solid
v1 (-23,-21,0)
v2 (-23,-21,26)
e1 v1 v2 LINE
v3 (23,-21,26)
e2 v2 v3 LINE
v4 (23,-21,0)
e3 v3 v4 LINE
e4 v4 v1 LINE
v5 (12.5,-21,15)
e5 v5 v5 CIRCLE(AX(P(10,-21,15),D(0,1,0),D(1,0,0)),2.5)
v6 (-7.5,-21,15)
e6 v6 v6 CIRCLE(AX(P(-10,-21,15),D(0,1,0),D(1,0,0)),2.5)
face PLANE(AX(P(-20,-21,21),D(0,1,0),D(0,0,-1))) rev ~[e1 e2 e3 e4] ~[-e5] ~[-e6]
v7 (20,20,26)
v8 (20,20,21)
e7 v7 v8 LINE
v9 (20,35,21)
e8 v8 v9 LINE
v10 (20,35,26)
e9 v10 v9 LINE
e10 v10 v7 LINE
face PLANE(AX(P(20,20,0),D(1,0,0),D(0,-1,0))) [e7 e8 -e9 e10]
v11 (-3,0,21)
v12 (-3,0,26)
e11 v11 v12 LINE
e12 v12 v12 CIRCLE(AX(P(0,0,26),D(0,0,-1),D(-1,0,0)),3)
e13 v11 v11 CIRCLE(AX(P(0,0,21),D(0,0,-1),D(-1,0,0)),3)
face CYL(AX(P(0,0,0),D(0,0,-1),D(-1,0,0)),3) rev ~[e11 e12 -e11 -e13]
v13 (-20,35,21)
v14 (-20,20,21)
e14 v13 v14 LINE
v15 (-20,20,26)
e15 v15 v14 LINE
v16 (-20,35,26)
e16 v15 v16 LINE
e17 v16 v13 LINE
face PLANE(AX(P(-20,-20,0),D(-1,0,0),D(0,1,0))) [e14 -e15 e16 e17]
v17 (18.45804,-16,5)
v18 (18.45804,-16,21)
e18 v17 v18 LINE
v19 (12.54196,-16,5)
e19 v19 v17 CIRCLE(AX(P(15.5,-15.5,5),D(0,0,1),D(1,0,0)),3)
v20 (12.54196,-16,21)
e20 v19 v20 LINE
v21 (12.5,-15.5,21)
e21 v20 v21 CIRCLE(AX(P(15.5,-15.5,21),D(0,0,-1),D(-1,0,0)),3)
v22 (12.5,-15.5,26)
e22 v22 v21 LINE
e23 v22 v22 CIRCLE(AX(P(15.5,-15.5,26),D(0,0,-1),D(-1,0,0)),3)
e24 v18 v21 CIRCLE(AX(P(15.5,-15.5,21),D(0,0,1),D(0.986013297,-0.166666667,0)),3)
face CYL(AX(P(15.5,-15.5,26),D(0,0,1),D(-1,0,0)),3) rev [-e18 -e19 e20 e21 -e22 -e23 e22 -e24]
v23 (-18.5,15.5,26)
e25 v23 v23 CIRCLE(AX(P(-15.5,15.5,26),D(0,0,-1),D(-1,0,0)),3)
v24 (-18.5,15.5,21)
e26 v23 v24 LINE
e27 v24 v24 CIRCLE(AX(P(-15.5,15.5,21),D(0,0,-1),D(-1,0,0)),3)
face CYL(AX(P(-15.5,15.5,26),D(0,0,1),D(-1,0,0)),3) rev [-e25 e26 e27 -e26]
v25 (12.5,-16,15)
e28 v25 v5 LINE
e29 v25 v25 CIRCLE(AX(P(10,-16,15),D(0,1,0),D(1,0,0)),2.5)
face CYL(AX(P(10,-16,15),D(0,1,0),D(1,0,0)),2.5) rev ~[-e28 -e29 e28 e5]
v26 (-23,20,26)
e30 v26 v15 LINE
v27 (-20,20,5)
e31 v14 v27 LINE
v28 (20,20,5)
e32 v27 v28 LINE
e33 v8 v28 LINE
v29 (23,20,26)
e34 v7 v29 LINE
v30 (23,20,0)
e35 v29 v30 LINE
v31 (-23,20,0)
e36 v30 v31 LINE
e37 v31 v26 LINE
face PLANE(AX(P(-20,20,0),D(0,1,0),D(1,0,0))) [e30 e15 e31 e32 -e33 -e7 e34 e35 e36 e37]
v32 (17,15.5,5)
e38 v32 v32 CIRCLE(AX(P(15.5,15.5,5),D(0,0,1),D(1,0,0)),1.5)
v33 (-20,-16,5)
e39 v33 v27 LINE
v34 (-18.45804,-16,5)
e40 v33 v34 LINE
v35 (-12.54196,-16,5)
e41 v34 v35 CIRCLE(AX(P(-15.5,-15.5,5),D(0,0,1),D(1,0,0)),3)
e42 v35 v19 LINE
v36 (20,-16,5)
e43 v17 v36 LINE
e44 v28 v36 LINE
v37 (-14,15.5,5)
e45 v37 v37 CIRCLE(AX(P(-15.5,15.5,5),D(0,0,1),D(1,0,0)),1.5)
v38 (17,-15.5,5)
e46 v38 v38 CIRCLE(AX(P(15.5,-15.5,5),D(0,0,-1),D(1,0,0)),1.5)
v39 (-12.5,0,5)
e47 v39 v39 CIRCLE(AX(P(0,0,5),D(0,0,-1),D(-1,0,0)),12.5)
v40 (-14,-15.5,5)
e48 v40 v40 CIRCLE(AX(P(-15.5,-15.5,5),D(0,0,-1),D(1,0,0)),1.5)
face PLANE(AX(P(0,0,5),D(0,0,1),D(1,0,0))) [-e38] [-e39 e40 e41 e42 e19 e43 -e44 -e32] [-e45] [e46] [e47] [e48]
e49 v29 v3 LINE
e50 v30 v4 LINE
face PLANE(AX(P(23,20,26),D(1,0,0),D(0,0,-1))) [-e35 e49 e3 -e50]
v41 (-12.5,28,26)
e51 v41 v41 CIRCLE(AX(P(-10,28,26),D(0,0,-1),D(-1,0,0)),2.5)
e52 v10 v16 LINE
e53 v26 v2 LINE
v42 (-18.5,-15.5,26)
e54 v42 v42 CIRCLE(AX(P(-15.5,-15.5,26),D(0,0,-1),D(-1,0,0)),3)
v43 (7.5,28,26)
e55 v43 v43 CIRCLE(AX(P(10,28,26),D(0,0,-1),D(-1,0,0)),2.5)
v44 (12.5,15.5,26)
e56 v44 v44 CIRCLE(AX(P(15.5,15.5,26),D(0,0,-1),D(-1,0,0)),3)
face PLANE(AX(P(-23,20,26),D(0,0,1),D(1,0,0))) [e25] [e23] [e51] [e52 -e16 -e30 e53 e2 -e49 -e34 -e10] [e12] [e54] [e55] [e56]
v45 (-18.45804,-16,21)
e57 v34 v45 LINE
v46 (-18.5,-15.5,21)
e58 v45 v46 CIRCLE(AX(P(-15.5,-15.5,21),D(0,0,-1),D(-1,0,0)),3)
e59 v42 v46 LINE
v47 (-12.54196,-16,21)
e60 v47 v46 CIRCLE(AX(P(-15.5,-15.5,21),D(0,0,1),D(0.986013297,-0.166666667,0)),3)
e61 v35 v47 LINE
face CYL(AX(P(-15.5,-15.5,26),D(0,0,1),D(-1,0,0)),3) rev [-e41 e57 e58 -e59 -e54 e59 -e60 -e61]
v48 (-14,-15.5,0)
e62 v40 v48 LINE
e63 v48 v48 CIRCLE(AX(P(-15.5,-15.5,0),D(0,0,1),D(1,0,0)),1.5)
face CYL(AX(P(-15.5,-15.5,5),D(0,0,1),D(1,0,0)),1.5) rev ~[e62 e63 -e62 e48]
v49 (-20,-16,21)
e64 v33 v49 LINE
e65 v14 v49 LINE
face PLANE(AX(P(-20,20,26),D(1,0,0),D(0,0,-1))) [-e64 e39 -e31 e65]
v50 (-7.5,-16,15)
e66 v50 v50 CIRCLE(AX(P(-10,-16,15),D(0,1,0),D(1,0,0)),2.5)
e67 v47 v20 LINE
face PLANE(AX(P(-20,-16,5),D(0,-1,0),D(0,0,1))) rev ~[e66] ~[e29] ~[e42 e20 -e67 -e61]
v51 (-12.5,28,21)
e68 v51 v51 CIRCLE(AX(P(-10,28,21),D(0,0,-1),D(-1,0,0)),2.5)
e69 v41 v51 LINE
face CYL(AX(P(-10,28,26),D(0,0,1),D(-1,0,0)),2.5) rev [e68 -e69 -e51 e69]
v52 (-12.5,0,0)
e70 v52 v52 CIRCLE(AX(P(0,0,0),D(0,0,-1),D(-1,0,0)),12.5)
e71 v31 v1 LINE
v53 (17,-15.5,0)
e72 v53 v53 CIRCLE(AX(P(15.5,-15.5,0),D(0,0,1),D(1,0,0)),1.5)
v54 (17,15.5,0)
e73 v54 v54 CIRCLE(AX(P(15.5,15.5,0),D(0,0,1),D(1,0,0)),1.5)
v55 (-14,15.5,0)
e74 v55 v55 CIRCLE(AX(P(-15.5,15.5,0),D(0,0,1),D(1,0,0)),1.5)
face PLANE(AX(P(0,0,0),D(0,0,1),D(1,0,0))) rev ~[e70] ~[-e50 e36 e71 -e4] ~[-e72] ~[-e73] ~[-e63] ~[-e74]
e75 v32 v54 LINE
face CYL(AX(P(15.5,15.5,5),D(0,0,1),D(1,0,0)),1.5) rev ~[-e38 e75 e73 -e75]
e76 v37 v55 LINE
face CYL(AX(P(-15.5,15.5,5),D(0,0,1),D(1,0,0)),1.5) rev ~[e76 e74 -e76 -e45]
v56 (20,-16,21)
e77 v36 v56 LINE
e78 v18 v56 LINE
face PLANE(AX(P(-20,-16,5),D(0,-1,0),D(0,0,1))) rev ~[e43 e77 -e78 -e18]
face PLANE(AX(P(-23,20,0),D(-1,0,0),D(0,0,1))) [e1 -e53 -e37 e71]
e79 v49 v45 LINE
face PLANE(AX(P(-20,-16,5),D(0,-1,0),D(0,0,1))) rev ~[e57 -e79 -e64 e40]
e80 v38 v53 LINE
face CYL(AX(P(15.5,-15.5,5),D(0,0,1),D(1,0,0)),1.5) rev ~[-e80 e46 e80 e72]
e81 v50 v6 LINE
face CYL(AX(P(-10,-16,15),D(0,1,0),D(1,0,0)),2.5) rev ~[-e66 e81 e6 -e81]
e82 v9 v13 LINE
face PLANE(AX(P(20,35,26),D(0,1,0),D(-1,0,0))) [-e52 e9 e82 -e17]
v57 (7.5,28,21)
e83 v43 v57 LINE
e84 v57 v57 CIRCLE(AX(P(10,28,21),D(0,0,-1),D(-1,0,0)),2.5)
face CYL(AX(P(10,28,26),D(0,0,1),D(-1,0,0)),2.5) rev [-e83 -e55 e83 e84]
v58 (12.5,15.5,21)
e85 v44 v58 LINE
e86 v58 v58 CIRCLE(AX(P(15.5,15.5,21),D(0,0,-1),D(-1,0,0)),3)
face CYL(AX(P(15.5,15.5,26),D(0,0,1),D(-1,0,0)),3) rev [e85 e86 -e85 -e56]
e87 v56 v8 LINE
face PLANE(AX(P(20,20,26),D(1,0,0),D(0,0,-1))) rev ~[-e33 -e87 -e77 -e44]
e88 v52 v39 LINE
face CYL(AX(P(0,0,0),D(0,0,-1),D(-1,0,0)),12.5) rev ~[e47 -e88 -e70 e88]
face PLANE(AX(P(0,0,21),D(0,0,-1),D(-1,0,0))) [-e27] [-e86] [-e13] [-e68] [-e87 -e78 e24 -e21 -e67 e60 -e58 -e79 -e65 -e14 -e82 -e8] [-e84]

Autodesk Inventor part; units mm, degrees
ref_plane "YZ Plane" through (0, 0, 0) normal (1, 0, 0) x (0, 1, 0)
ref_plane "XZ Plane" through (0, 0, 0) normal (0, 1, 0) x (-1, 0, 0)
sketch "Boceto1" plane through (0, 0, 0) normal (0, 0, 1) x (1, 0, 0)
  line L0 (-20, 20) -> (20, 20)
  line L1 (20, 20) -> (20, -20)
  line L2 (20, -20) -> (-20, -20)
  line L3 (-20, -20) -> (-20, 20)
  line L4 (6.44, 0) -> (0, 0)
  line L5 (0, 0) -> (0, 3.5859)
  dimension "d0" = 40
  dimension "d1" = 40
extrude "Extrusión1" add sketch "Boceto1" along normal blind 5
sketch "Boceto2" plane through (0, 0, 5) normal (0, 0, 1) x (1, 0, 0)
  circle A0 centre (15.5, 15.5) radius 1.5
  point P0 (0, 0)
  dimension "d4" = 3
  dimension "d5" = 15.5
  dimension "d6" = 15.5
extrude "Extrusión2" cut sketch "Boceto2" against normal through all
pattern_linear "Patrón rectangular1" count 2 spacing 31 along (-1, 0, 0) count 2 spacing 31 along (0, -1, 0) of "Extrusión2"
ref_plane "Plano de trabajo1" through (0, 0, 26) normal (0, 0, -1) x (-1, 0, 0)
sketch "Boceto6" plane through (0, 0, 26) normal (0, 0, -1) x (-1, 0, 0)
  circle A0 centre (15.5, -15.5) radius 1.5 projected
  circle A1 centre (-15.5, -15.5) radius 1.5 projected
  circle A2 centre (15.5, 15.5) radius 1.5 projected
  circle A3 centre (-15.5, 15.5) radius 1.5 projected
  line L0 (20, -20) -> (-20, -20) projected
  line L1 (-20, -20) -> (-20, 20) projected
  line L2 (-20, 20) -> (20, 20) projected
  line L3 (20, 20) -> (20, -20) projected
  line L4 (20, 20) -> (-20, 20)
  line L5 (-20, 20) -> (-20, 35)
  line L6 (-20, 35) -> (20, 35)
  line L7 (20, 35) -> (20, 20)
  circle A4 centre (-10, 28) radius 2.5
  circle A5 centre (10, 28) radius 2.5
  circle A6 centre (-15.5, -15.5) radius 3
  circle A7 centre (-15.5, 15.5) radius 1.5 projected
  circle A8 centre (-15.5, 15.5) radius 3
  circle A9 centre (15.5, 15.5) radius 1.5 projected
  circle A10 centre (15.5, 15.5) radius 3
  circle A11 centre (15.5, -15.5) radius 1.5 projected
  circle A12 centre (15.5, -15.5) radius 3
  dimension "d31" = 15
  dimension "d32" = 5
  dimension "d33" = 5
  dimension "d34" = 10
  dimension "d35" = 10
  dimension "d36" = 7
  dimension "d37" = 7
  dimension "d40" = 6
  dimension "d41" = 6
  dimension "d42" = 6
  dimension "d43" = 6
extrude "Extrusión5" add sketch "Boceto6" along normal blind 5 contours L0 L1 L2 L3 | L2 L5 L6 L7
sketch "Boceto7" plane through (-20, -20, 0) normal (-1, 0, 0) x (0, 0, 1)
  line L0 (26, 0) -> (26, 55) projected
  line L1 (5, 40) -> (5, 0) projected
  line L2 (5, 4) -> (21, 4)
  line L3 (21, 4) -> (21, -1)
  line L4 (21, -1) -> (5, -1)
  line L5 (5, -1) -> (5, 4)
  line L6 (26, 0) -> (21, 0) projected
  line L7 (0, 0) -> (5, 0) projected
  line L8 (5, -1) -> (0, -1)
  line L9 (0, -1) -> (0, 0)
  line L10 (0, 0) -> (5, 0)
  line L11 (5, 0) -> (5, -1)
  line L12 (21, -1) -> (26, -1)
  line L13 (26, -1) -> (26, 0)
  line L14 (26, 0) -> (21, 0)
  line L15 (21, 0) -> (21, -1)
  point P0 (0, 20)
  dimension "d48" = 1
  dimension "d49" = 5
extrude "Extrusión6" add sketch "Boceto7" against normal up to surface (40 mm away)
sketch "Boceto8" plane through (0, 0, 26) normal (0, 0, 1) x (1, 0, 0)
  circle A0 centre (-15.5, -15.5) radius 3 projected
  circle A1 centre (15.5, -15.5) radius 3 projected
  point P0 (0, 0)
extrude "Extrusión7" cut sketch "Boceto8" against normal up to surface (21 mm away)
sketch "Boceto9" plane through (-12.542, -16, 5) normal (0, 1, 0) x (1, 0, 0)
  circle A0 centre (2.542, -10) radius 2.5
  circle A1 centre (22.542, -10) radius 2.5
  line L0 (-7.458, -16) -> (-7.458, 0) projected
  line L1 (32.542, -16) -> (32.542, 0) projected
  line L2 (-7.458, -21) -> (32.542, -21) projected
  point P0 (12.542, 5)
  dimension "d52" = 5
  dimension "d53" = 5
  dimension "d54" = 10
  dimension "d55" = 10
  dimension "d56" = 11
  dimension "d57" = 11
extrude "Extrusión8" cut sketch "Boceto9" against normal through all
sketch "Boceto10" plane through (0, 0, 0) normal (0, 0, -1) x (-1, 0, 0)
  circle A0 centre (0, 0) radius 12.5
  dimension "d60" = 25
extrude "Extrusión9" cut sketch "Boceto10" against normal up to surface (5 mm away)
sketch "Boceto11" plane through (-20, 20, 0) normal (0, 1, 0) x (1, 0, 0)
  line L0 (40, 0) -> (0, 0) projected
  line L1 (0, 0) -> (-3, 0)
  line L2 (-3, 0) -> (-3, -26)
  line L3 (-3, -26) -> (0, -26)
  line L4 (0, -26) -> (0, 0)
  line L5 (40, -26) -> (40, -21) projected
  line L6 (40, -26) -> (43, -26)
  line L7 (43, -26) -> (43, 0)
  line L8 (43, 0) -> (40, 0)
  line L9 (40, 0) -> (40, -26)
  point P0 (20, 0)
  dimension "d63" = 3
  dimension "d64" = 3
extrude "Extrusión10" add sketch "Boceto11" against normal up to surface (41 mm away)
sketch "Boceto12" plane through (0, 0, 0) normal (0, 0, -1) x (-1, 0, 0)
  circle A0 centre (0, 0) radius 3
  dimension "d67" = 6
extrude "Extrusión11" cut sketch "Boceto12" against normal up to surface (26 mm away)
equation "\"d33\" = d32"
equation "\"d35\" = d34"
equation "\"d36\" = d37"
equation "\"d41\" = d40"
equation "\"d42\" = d40"
equation "\"d43\" = d40"
equation "\"d53\" = d52"
equation "\"d57\" = d56"
equation "\"d64\" = d63"
properties part number "Base Motor Z"
